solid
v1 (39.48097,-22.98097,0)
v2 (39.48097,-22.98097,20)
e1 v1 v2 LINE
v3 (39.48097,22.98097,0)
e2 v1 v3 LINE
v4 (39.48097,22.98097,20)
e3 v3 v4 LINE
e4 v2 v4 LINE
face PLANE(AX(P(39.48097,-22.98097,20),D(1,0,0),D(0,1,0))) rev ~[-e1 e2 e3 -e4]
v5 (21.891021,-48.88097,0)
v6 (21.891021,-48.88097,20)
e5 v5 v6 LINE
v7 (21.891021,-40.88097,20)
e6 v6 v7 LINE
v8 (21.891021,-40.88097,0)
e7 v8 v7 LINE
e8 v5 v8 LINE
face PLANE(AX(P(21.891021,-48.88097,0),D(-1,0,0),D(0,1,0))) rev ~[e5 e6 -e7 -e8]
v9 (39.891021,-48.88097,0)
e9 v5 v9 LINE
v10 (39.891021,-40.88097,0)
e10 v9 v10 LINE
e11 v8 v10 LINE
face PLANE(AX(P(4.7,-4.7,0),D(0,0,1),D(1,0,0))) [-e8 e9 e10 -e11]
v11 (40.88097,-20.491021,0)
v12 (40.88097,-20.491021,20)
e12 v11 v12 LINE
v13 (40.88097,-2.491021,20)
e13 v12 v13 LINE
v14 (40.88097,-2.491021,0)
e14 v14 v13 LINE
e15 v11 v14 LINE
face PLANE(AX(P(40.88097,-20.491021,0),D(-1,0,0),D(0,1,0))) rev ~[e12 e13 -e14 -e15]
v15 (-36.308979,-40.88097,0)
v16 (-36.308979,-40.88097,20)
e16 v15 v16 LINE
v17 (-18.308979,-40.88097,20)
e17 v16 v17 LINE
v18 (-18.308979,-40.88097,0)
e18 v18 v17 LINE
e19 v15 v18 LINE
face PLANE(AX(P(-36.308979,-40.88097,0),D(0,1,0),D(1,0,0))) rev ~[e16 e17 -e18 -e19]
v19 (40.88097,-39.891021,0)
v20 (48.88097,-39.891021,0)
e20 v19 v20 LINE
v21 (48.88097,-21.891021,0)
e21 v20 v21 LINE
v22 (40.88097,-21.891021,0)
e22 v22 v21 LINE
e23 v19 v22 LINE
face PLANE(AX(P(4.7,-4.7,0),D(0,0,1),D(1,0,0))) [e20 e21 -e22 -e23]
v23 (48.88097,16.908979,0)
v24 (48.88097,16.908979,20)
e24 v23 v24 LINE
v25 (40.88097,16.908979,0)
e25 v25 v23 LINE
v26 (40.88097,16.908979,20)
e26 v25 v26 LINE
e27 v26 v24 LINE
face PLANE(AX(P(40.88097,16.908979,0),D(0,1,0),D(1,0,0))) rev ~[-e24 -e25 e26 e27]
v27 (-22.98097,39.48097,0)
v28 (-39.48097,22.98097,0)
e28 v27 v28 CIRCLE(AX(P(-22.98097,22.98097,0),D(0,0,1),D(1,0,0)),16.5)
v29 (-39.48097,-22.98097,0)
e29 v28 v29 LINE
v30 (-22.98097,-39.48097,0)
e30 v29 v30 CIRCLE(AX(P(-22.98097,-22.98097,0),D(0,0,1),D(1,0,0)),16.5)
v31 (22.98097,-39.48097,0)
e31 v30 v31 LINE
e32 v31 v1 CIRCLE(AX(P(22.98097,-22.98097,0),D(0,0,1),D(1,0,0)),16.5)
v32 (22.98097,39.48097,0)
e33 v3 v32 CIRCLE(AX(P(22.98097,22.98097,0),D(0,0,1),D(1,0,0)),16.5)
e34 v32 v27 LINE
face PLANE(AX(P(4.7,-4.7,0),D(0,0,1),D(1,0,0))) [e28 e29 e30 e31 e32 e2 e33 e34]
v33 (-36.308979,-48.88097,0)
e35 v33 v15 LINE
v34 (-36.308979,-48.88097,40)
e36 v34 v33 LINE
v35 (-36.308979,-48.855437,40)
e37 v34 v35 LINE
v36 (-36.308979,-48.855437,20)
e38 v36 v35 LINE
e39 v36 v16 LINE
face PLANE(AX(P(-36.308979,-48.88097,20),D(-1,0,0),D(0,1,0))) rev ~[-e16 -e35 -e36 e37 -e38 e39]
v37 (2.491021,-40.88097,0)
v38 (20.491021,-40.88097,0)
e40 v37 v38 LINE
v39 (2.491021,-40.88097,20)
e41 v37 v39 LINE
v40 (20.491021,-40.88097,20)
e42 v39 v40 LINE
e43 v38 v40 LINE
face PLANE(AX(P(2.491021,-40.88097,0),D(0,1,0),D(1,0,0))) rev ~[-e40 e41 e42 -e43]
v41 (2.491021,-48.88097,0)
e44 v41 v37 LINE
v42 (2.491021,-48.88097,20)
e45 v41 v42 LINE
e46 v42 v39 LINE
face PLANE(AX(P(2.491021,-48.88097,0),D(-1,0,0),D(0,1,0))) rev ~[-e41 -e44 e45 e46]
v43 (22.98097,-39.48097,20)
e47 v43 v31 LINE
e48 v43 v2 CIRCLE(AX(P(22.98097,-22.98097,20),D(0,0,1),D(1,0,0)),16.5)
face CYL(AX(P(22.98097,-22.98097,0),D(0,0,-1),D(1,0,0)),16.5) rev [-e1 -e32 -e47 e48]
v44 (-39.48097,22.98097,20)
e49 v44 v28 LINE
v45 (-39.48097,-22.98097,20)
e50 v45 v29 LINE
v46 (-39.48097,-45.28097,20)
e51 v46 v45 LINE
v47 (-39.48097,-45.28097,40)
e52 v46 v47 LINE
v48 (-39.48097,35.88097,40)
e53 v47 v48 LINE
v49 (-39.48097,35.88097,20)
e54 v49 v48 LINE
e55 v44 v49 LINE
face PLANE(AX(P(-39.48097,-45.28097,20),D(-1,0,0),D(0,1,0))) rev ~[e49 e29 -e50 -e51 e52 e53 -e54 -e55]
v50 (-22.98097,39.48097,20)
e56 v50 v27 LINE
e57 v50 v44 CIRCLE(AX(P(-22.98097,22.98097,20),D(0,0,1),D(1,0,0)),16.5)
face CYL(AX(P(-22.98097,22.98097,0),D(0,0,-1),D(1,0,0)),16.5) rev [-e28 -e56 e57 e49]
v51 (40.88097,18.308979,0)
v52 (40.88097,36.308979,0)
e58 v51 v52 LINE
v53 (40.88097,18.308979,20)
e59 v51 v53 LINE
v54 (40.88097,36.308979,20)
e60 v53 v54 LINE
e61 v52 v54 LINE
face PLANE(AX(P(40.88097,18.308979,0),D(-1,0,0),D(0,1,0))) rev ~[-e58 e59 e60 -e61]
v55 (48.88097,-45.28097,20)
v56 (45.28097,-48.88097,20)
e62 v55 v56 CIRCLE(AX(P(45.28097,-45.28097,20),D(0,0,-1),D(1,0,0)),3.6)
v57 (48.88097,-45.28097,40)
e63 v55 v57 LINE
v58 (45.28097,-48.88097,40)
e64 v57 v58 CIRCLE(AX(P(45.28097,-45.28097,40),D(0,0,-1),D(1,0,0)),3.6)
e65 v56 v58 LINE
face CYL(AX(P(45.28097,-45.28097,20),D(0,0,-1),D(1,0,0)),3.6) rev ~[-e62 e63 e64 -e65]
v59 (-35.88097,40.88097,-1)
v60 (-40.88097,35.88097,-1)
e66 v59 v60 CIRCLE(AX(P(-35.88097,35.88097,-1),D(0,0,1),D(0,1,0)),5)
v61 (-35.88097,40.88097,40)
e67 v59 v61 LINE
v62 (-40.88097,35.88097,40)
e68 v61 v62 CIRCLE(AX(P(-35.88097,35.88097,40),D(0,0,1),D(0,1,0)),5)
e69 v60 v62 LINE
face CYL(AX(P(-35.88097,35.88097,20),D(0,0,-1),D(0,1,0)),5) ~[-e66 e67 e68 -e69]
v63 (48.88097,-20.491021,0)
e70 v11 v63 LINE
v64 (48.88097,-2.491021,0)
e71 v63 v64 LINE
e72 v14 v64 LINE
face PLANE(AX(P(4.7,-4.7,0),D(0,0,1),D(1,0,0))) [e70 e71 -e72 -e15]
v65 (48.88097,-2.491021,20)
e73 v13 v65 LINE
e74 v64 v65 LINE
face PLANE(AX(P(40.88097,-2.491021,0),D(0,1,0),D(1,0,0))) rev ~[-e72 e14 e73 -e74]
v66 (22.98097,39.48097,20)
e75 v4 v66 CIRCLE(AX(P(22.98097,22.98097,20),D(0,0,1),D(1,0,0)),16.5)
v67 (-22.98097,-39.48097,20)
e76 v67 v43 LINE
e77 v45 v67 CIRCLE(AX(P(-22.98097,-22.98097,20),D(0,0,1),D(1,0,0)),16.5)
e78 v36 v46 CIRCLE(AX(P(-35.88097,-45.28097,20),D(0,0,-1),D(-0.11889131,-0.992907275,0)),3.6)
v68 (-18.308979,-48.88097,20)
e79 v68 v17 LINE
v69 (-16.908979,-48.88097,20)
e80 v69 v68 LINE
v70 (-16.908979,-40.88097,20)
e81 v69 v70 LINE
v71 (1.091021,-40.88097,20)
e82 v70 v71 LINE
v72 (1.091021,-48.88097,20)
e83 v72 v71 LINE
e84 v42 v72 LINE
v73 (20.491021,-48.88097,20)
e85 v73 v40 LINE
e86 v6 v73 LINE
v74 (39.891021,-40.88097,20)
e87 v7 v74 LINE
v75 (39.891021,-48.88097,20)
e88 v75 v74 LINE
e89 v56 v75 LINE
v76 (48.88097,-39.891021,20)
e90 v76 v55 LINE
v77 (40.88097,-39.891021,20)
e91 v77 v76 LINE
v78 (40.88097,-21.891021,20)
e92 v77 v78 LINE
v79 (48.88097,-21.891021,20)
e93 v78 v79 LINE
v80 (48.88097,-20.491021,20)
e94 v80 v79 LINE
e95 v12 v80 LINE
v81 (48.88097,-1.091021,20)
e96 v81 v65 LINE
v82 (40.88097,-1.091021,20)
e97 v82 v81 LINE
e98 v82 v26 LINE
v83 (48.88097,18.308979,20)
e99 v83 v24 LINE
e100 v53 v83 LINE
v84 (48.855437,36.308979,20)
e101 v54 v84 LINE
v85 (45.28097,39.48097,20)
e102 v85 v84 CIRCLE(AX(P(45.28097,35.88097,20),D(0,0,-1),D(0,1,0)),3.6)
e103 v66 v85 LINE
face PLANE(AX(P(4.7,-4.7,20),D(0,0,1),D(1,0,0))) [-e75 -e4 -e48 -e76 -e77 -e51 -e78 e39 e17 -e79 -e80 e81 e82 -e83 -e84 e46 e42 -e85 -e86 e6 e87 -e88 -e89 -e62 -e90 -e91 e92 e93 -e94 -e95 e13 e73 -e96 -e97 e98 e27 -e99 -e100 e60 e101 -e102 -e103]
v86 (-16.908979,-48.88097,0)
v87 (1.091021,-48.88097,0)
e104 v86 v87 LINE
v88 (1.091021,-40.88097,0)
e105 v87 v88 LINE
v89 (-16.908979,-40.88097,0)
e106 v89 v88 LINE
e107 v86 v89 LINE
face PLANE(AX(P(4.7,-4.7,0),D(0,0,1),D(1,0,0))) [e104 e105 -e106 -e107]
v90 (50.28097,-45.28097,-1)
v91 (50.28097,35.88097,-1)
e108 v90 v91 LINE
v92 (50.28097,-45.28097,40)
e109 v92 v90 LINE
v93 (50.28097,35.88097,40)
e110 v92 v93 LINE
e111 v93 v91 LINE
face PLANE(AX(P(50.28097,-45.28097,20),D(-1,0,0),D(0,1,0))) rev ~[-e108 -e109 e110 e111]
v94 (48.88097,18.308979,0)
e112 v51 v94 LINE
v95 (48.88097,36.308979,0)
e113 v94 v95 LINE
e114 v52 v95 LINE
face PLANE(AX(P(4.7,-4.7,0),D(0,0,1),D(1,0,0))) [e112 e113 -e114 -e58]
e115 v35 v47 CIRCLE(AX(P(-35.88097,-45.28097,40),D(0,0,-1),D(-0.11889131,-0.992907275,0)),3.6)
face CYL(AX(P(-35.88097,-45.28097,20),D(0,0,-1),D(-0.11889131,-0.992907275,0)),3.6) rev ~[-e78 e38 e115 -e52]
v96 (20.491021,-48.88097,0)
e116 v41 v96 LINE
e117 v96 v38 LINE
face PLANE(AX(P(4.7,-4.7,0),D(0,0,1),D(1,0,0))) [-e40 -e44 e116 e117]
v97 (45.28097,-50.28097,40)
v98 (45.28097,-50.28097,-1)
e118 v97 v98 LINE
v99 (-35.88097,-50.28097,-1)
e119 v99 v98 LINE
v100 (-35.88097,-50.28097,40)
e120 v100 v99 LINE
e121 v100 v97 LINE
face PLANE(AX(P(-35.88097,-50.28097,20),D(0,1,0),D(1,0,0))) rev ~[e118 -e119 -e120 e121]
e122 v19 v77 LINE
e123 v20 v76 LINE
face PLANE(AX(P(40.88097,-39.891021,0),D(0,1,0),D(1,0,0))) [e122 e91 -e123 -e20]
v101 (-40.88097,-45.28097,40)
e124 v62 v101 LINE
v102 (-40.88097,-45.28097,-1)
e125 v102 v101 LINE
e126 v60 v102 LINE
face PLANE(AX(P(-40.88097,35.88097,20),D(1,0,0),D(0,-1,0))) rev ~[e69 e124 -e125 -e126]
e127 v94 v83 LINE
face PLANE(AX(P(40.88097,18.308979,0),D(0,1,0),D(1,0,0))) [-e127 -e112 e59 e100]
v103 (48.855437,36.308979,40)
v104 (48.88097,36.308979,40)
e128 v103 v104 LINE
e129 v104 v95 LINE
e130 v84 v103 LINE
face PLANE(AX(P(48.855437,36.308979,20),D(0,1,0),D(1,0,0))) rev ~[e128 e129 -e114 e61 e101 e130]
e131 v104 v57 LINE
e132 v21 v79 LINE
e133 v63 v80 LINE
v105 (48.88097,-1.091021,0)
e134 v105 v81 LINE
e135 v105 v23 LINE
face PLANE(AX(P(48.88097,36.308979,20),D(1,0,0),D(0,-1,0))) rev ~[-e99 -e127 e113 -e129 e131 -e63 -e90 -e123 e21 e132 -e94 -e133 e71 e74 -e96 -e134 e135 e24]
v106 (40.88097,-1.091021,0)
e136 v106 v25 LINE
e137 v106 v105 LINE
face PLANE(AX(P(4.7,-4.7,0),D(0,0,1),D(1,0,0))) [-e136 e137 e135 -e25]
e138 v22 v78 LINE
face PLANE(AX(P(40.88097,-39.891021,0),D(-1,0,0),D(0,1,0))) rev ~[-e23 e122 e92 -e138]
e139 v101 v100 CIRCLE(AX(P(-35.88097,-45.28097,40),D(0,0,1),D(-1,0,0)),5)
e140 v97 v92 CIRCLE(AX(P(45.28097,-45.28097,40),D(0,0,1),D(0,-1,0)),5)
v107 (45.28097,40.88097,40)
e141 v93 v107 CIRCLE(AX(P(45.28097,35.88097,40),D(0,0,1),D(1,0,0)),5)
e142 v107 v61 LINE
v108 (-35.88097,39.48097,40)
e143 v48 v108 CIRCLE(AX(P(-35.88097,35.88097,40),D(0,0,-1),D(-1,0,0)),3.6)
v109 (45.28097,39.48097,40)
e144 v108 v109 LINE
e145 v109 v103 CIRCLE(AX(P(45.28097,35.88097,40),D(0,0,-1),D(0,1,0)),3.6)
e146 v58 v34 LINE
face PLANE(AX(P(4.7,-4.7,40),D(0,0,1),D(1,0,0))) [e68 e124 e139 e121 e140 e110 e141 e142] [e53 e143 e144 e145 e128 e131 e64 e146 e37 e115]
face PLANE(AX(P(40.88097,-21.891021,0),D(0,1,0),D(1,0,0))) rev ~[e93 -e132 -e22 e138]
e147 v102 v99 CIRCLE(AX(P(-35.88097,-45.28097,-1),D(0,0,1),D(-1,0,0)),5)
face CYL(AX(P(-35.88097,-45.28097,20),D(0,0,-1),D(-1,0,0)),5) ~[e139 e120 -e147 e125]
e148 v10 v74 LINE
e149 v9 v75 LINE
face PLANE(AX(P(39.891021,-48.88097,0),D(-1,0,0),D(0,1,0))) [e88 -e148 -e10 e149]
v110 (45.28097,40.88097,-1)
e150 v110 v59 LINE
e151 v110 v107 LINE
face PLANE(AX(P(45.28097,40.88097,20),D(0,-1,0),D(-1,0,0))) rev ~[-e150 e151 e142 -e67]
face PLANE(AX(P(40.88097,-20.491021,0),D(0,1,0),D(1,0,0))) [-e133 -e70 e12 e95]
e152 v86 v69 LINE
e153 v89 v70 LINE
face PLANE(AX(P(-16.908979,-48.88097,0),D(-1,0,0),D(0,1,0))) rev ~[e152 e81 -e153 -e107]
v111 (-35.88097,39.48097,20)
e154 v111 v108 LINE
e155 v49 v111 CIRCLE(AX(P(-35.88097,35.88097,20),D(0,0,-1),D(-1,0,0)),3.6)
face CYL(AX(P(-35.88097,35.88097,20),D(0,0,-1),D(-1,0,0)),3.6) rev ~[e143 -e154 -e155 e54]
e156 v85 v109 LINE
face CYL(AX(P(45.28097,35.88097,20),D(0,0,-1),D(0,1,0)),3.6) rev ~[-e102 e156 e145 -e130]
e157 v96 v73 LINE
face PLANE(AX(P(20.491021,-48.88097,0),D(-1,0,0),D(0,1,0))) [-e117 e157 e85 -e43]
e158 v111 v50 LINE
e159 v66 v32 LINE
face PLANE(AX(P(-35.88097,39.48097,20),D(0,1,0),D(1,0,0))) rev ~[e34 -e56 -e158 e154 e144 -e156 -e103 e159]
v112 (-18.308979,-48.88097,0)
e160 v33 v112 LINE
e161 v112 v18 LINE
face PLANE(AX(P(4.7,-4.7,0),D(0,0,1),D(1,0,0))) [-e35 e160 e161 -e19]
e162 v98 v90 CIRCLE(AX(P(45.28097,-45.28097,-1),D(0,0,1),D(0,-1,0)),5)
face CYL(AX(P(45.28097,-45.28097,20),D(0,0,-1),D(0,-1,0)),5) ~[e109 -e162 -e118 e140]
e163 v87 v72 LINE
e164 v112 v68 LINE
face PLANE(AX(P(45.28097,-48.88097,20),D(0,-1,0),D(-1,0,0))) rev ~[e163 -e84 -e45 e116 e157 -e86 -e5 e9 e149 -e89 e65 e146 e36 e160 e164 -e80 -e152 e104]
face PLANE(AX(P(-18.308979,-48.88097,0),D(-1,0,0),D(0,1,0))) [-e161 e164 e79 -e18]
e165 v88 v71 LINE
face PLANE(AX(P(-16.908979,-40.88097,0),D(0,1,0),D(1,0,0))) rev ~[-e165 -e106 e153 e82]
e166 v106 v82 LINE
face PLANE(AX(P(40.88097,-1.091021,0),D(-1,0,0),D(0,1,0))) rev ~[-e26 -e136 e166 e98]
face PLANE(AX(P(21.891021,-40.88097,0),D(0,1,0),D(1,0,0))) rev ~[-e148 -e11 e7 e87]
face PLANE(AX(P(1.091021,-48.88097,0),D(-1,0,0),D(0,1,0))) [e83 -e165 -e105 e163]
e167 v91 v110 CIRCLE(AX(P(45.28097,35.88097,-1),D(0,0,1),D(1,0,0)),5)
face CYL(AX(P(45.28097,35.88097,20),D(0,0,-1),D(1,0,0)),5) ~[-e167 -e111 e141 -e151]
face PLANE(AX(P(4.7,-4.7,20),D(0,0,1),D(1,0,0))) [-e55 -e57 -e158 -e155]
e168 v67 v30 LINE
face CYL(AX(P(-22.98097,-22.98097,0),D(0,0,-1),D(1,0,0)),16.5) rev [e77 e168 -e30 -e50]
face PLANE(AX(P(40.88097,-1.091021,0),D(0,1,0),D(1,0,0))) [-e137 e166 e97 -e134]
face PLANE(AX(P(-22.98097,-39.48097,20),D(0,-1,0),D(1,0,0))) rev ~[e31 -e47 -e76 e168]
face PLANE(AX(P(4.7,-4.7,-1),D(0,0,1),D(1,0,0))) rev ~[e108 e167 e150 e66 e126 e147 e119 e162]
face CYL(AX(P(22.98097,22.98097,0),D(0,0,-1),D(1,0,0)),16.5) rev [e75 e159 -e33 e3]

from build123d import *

# Parameters (mm, degrees)
F0_W     = 18
F0_H     = 8
F0_R     = 16.5
F0_W_2   = 8
F0_H_2   = 18
F1_DEPTH = 1
F2_DEPTH = 20
F4_DEPTH = 20
F6_DEPTH = 20


with BuildPart() as f1:
    # F0 (on Top) → F1 (new body)
    with BuildSketch(Plane.XY):
        with BuildLine():
            Line((45.2809703886, 40.8809703886), (-35.8809703886, 40.8809703886))
            ThreePointArc((-35.8809703886, 40.8809703886), (-39.4165042945, 39.4165042945), (-40.8809703886, 35.8809703886))
            Line((-40.8809703886, 35.8809703886), (-40.8809703886, -45.2809703886))
            ThreePointArc((-40.8809703886, -45.2809703886), (-39.4165042945, -48.8165042945), (-35.8809703886, -50.2809703886))
            Line((-35.8809703886, -50.2809703886), (45.2809703886, -50.2809703886))
            ThreePointArc((45.2809703886, -50.2809703886), (48.8165042945, -48.8165042945), (50.2809703886, -45.2809703886))
            Line((50.2809703886, -45.2809703886), (50.2809703886, 35.8809703886))
            ThreePointArc((50.2809703886, 35.8809703886), (48.8165042945, 39.4165042945), (45.2809703886, 40.8809703886))
        make_face()
        with Locations((-27.3089791051, -44.8809703886)):
            Rectangle(F0_W, F0_H, mode=Mode.SUBTRACT)
        with Locations((-7.9089791051, -44.8809703886)):
            Rectangle(F0_W, F0_H, mode=Mode.SUBTRACT)
        with Locations((-22.9809703886, -22.9809703886)):
            Circle(F0_R, mode=Mode.SUBTRACT)
        with Locations((11.4910208949, -44.8809703886)):
            Rectangle(F0_W, F0_H, mode=Mode.SUBTRACT)
        with Locations((30.8910208949, -44.8809703886)):
            Rectangle(F0_W, F0_H, mode=Mode.SUBTRACT)
        with Locations((44.8809703886, -30.8910208949)):
            Rectangle(F0_W_2, F0_H_2, mode=Mode.SUBTRACT)
        with Locations((22.9809703886, -22.9809703886)):
            Circle(F0_R, mode=Mode.SUBTRACT)
        with Locations((44.8809703886, -11.4910208949)):
            Rectangle(F0_W_2, F0_H_2, mode=Mode.SUBTRACT)
        with Locations((-22.9809703886, 22.9809703886)):
            Circle(F0_R, mode=Mode.SUBTRACT)
        with Locations((44.8809703886, 7.9089791051)):
            Rectangle(F0_W_2, F0_H_2, mode=Mode.SUBTRACT)
        with Locations((22.9809703886, 22.9809703886)):
            Circle(F0_R, mode=Mode.SUBTRACT)
        with Locations((44.8809703886, 27.3089791051)):
            Rectangle(F0_W_2, F0_H_2, mode=Mode.SUBTRACT)
        with Locations((-22.9809703886, 22.9809703886)):
            Circle(F0_R)
        with Locations((22.9809703886, 22.9809703886)):
            Circle(F0_R)
        with Locations((22.9809703886, -22.9809703886)):
            Circle(F0_R)
        with Locations((-22.9809703886, -22.9809703886)):
            Circle(F0_R)
        with Locations((44.8809703886, 27.3089791051)):
            Rectangle(F0_W_2, F0_H_2)
        with Locations((44.8809703886, 7.9089791051)):
            Rectangle(F0_W_2, F0_H_2)
        with Locations((44.8809703886, -11.4910208949)):
            Rectangle(F0_W_2, F0_H_2)
        with Locations((44.8809703886, -30.8910208949)):
            Rectangle(F0_W_2, F0_H_2)
        with Locations((30.8910208949, -44.8809703886)):
            Rectangle(F0_W, F0_H)
        with Locations((11.4910208949, -44.8809703886)):
            Rectangle(F0_W, F0_H)
        with Locations((-7.9089791051, -44.8809703886)):
            Rectangle(F0_W, F0_H)
        with Locations((-27.3089791051, -44.8809703886)):
            Rectangle(F0_W, F0_H)
    extrude(amount=-F1_DEPTH)

    # F0 (on Top) → F2 (join)
    with BuildSketch(Plane.XY):
        with BuildLine():
            Line((45.2809703886, 40.8809703886), (-35.8809703886, 40.8809703886))
            ThreePointArc((-35.8809703886, 40.8809703886), (-39.4165042945, 39.4165042945), (-40.8809703886, 35.8809703886))
            Line((-40.8809703886, 35.8809703886), (-40.8809703886, -45.2809703886))
            ThreePointArc((-40.8809703886, -45.2809703886), (-39.4165042945, -48.8165042945), (-35.8809703886, -50.2809703886))
            Line((-35.8809703886, -50.2809703886), (45.2809703886, -50.2809703886))
            ThreePointArc((45.2809703886, -50.2809703886), (48.8165042945, -48.8165042945), (50.2809703886, -45.2809703886))
            Line((50.2809703886, -45.2809703886), (50.2809703886, 35.8809703886))
            ThreePointArc((50.2809703886, 35.8809703886), (48.8165042945, 39.4165042945), (45.2809703886, 40.8809703886))
        make_face()
        with Locations((-27.3089791051, -44.8809703886)):
            Rectangle(F0_W, F0_H, mode=Mode.SUBTRACT)
        with Locations((-7.9089791051, -44.8809703886)):
            Rectangle(F0_W, F0_H, mode=Mode.SUBTRACT)
        with Locations((-22.9809703886, -22.9809703886)):
            Circle(F0_R, mode=Mode.SUBTRACT)
        with Locations((11.4910208949, -44.8809703886)):
            Rectangle(F0_W, F0_H, mode=Mode.SUBTRACT)
        with Locations((30.8910208949, -44.8809703886)):
            Rectangle(F0_W, F0_H, mode=Mode.SUBTRACT)
        with Locations((44.8809703886, -30.8910208949)):
            Rectangle(F0_W_2, F0_H_2, mode=Mode.SUBTRACT)
        with Locations((22.9809703886, -22.9809703886)):
            Circle(F0_R, mode=Mode.SUBTRACT)
        with Locations((44.8809703886, -11.4910208949)):
            Rectangle(F0_W_2, F0_H_2, mode=Mode.SUBTRACT)
        with Locations((-22.9809703886, 22.9809703886)):
            Circle(F0_R, mode=Mode.SUBTRACT)
        with Locations((44.8809703886, 7.9089791051)):
            Rectangle(F0_W_2, F0_H_2, mode=Mode.SUBTRACT)
        with Locations((22.9809703886, 22.9809703886)):
            Circle(F0_R, mode=Mode.SUBTRACT)
        with Locations((44.8809703886, 27.3089791051)):
            Rectangle(F0_W_2, F0_H_2, mode=Mode.SUBTRACT)
    extrude(amount=F2_DEPTH)

    # F3 (on face) → F4 (cut, through all)
    with BuildSketch(Plane.XY.offset(20)):
        with BuildLine():
            Line((22.9809703886, 39.4809703886), (-22.9809703886, 39.4809703886))
            ThreePointArc((-22.9809703886, 39.4809703886), (-11.313708499, 34.6482322781), (-6.4809703886, 22.9809703886))
            ThreePointArc((-6.4809703886, 22.9809703886), (-22.9809703886, 6.4809703886), (-39.4809703886, 22.9809703886))
            Line((-39.4809703886, 22.9809703886), (-39.4809703886, -22.9809703886))
            ThreePointArc((-39.4809703886, -22.9809703886), (-22.9809703886, -6.4809703886), (-6.4809703886, -22.9809703886))
            ThreePointArc((-6.4809703886, -22.9809703886), (-11.313708499, -34.6482322781), (-22.9809703886, -39.4809703886))
            Line((-22.9809703886, -39.4809703886), (22.9809703886, -39.4809703886))
            ThreePointArc((22.9809703886, -39.4809703886), (11.313708499, -11.313708499), (39.4809703886, -22.9809703886))
            Line((39.4809703886, -22.9809703886), (39.4809703886, 22.9809703886))
            ThreePointArc((39.4809703886, 22.9809703886), (11.313708499, 11.313708499), (22.9809703886, 39.4809703886))
        make_face()
    extrude(amount=-F4_DEPTH, mode=Mode.SUBTRACT)

    # F5 (on face) → F6 (join)
    with BuildSketch(Plane.XY.offset(20)):
        with BuildLine():
            ThreePointArc((50.2809703886, 35.8809703886), (48.8165042945, 39.4165042945), (45.2809703886, 40.8809703886))
            Line((45.2809703886, 40.8809703886), (-35.8809703886, 40.8809703886))
            ThreePointArc((-35.8809703886, 40.8809703886), (-39.4165042945, 39.4165042945), (-40.8809703886, 35.8809703886))
            Line((-40.8809703886, 35.8809703886), (-40.8809703886, -45.2809703886))
            ThreePointArc((-40.8809703886, -45.2809703886), (-39.4165042945, -48.8165042945), (-35.8809703886, -50.2809703886))
            Line((-35.8809703886, -50.2809703886), (45.2809703886, -50.2809703886))
            ThreePointArc((45.2809703886, -50.2809703886), (48.8165042945, -48.8165042945), (50.2809703886, -45.2809703886))
            Line((50.2809703886, -45.2809703886), (50.2809703886, 35.8809703886))
        make_face()
        with BuildLine():
            ThreePointArc((-39.4809703886, 35.8809703886), (-38.4265548008, 38.4265548008), (-35.8809703886, 39.4809703886))
            Line((-35.8809703886, 39.4809703886), (-22.9809703886, 39.4809703886))
            Line((-22.9809703886, 39.4809703886), (22.9809703886, 39.4809703886))
            Line((22.9809703886, 39.4809703886), (45.2809703886, 39.4809703886))
            ThreePointArc((45.2809703886, 39.4809703886), (47.6704440357, 38.5736299827), (48.8554365779, 36.3089791051))
            Line((48.8554365779, 36.3089791051), (48.8809703886, 36.3089791051))
            Line((48.8809703886, 36.3089791051), (48.8809703886, 35.8809703886))
            Line((48.8809703886, 35.8809703886), (48.8809703886, 18.3089791051))
            Line((48.8809703886, 18.3089791051), (48.8809703886, 16.9089791051))
            Line((48.8809703886, 16.9089791051), (48.8809703886, -1.0910208949))
            Line((48.8809703886, -1.0910208949), (48.8809703886, -2.4910208949))
            Line((48.8809703886, -2.4910208949), (48.8809703886, -20.4910208949))
            Line((48.8809703886, -20.4910208949), (48.8809703886, -21.8910208949))
            Line((48.8809703886, -21.8910208949), (48.8809703886, -39.8910208949))
            Line((48.8809703886, -39.8910208949), (48.8809703886, -45.2809703886))
            ThreePointArc((48.8809703886, -45.2809703886), (47.8265548008, -47.8265548008), (45.2809703886, -48.8809703886))
            Line((45.2809703886, -48.8809703886), (39.8910208949, -48.8809703886))
            Line((39.8910208949, -48.8809703886), (21.8910208949, -48.8809703886))
            Line((21.8910208949, -48.8809703886), (20.4910208949, -48.8809703886))
            Line((20.4910208949, -48.8809703886), (2.4910208949, -48.8809703886))
            Line((2.4910208949, -48.8809703886), (1.0910208949, -48.8809703886))
            Line((1.0910208949, -48.8809703886), (-16.9089791051, -48.8809703886))
            Line((-16.9089791051, -48.8809703886), (-18.3089791051, -48.8809703886))
            Line((-18.3089791051, -48.8809703886), (-35.8809703886, -48.8809703886))
            Line((-35.8809703886, -48.8809703886), (-36.3089791051, -48.8809703886))
            Line((-36.3089791051, -48.8809703886), (-36.3089791051, -48.8554365779))
            ThreePointArc((-36.3089791051, -48.8554365779), (-38.5736299827, -47.6704440357), (-39.4809703886, -45.2809703886))
            Line((-39.4809703886, -45.2809703886), (-39.4809703886, -22.9809703886))
            Line((-39.4809703886, -22.9809703886), (-39.4809703886, 22.9809703886))
            Line((-39.4809703886, 22.9809703886), (-39.4809703886, 35.8809703886))
        make_face(mode=Mode.SUBTRACT)
    extrude(amount=F6_DEPTH)


solid = f1.part
